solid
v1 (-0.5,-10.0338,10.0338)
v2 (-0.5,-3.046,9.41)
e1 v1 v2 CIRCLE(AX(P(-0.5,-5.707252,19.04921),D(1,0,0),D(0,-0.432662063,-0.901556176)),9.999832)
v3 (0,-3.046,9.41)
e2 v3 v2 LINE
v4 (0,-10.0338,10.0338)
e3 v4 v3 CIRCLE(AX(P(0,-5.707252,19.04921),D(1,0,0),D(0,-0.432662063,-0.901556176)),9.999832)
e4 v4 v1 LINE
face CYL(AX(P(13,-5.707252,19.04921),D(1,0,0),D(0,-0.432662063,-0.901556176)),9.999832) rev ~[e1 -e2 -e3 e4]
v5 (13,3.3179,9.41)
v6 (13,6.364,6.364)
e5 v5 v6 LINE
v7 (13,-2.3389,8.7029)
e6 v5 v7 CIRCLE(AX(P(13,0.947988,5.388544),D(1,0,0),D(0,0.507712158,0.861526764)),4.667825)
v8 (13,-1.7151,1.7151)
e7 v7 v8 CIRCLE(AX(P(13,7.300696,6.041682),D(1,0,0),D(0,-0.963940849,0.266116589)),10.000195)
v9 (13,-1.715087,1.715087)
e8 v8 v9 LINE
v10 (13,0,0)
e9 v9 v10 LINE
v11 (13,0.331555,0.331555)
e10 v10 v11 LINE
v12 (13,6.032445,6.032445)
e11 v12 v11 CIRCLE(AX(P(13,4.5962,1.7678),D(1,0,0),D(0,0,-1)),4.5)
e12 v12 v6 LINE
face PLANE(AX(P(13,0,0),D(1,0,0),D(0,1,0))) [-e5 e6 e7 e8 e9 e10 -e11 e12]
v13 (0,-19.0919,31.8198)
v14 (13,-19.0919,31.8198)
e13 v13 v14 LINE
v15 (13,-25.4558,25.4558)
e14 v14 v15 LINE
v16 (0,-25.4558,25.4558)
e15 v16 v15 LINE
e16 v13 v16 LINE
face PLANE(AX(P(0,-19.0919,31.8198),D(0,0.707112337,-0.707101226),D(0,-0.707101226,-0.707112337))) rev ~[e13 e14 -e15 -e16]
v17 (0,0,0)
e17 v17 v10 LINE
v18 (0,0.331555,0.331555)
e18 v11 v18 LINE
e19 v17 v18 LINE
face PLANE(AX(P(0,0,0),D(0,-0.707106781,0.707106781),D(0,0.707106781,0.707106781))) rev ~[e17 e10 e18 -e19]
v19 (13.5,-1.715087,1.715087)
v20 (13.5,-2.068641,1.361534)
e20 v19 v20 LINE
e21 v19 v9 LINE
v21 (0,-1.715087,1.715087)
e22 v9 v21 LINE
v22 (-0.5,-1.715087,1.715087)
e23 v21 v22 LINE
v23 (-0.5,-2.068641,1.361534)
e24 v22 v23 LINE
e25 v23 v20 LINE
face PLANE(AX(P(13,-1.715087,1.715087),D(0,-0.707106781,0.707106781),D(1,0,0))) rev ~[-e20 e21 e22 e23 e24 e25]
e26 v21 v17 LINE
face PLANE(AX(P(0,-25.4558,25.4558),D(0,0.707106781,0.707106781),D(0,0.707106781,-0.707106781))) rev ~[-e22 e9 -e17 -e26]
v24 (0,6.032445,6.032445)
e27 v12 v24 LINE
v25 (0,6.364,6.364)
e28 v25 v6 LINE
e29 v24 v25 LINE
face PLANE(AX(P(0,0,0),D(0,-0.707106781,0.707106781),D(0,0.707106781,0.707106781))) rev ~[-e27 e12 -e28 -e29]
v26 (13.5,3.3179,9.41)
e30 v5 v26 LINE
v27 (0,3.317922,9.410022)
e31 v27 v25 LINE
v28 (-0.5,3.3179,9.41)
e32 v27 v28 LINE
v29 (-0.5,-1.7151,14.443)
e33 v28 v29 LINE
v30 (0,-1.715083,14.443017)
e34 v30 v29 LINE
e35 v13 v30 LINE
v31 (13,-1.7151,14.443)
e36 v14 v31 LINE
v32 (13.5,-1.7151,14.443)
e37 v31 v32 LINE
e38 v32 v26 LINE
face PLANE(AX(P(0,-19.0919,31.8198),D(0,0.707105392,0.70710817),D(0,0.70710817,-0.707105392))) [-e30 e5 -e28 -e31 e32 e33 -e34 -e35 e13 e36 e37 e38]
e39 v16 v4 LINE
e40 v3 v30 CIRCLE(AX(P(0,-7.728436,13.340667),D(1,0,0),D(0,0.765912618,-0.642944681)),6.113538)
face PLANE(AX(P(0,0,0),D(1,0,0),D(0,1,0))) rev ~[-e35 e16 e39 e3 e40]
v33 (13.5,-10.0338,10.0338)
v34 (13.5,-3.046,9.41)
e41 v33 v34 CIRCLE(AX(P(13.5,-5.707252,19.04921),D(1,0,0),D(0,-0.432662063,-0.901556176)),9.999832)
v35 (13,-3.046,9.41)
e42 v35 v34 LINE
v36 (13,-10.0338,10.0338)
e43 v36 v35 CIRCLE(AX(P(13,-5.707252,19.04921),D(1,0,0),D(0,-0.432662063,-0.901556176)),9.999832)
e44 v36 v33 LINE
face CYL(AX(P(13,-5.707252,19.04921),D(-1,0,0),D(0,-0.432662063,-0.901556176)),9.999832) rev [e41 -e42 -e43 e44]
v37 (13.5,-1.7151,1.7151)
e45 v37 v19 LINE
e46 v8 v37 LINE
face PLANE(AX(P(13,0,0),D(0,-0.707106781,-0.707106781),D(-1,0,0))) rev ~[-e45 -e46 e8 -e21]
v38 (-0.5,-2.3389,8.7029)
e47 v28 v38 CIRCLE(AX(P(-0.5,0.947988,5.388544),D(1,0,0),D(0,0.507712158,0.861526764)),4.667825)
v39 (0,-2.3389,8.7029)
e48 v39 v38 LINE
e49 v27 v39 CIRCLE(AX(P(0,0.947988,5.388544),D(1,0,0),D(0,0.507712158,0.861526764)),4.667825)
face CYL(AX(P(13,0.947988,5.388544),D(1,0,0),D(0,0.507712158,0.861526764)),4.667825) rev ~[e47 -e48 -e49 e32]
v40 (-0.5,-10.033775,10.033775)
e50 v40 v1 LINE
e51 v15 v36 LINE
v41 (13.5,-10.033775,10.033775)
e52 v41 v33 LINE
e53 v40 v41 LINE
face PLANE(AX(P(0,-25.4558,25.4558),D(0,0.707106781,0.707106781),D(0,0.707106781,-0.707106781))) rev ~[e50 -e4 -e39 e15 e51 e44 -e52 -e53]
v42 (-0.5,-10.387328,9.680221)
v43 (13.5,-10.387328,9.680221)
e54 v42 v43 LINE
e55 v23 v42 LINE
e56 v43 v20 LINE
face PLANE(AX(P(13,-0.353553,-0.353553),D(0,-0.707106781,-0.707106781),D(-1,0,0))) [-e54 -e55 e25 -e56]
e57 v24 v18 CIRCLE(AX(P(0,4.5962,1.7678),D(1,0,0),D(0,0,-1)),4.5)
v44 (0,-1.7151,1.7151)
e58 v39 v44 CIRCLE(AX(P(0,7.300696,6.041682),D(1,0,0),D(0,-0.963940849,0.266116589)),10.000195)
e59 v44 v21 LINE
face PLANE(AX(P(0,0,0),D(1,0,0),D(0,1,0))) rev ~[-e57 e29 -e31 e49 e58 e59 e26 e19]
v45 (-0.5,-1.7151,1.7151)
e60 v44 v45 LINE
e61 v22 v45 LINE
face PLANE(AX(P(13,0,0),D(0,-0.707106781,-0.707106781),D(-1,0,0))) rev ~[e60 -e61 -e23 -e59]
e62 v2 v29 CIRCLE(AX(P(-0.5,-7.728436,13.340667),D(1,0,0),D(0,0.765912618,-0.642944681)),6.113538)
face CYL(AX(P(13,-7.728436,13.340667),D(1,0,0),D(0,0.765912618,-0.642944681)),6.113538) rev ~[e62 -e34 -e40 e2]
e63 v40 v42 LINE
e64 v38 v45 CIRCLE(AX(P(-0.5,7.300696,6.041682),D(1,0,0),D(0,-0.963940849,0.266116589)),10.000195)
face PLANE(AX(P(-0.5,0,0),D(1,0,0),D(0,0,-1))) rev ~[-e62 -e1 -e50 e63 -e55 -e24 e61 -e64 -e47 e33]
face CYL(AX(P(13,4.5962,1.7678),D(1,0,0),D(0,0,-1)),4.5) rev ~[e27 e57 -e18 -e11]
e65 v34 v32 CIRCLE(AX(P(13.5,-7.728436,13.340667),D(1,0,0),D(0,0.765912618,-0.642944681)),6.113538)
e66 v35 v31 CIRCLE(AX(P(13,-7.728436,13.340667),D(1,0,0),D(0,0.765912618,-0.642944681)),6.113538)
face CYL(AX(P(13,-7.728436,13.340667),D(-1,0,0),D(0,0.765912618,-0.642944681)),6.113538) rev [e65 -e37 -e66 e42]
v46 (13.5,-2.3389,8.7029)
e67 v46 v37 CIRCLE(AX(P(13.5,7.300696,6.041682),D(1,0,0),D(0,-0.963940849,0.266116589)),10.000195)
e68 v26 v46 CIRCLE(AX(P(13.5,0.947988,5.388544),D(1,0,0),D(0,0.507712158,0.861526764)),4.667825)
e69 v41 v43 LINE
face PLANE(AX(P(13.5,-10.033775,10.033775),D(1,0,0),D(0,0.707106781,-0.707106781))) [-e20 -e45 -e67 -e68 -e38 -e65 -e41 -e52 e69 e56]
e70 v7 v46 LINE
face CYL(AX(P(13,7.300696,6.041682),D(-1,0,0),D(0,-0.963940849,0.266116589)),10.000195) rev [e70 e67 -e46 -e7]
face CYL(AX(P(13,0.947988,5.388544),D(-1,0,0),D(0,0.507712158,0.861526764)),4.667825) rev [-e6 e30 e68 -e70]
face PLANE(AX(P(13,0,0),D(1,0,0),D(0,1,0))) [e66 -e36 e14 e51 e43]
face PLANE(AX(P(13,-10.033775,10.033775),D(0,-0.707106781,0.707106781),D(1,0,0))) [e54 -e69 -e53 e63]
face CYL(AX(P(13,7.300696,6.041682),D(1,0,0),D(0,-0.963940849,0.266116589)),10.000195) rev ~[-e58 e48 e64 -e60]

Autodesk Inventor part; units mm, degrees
ref_plane "YZ Plane" through (0, 0, 0) normal (1, 0, 0) x (0, 1, 0)
ref_plane "XZ Plane" through (0, 0, 0) normal (0, 1, 0) x (-1, 0, 0)
ref_plane "XY Plane" through (0, 0, 0) normal (0, 0, 1) x (1, 0, 0)
sketch "Sketch1" plane through (0, 0, 0) normal (1, 0, 0) x (0, 1, 0)
  line L0 (0, 0) -> (6.364, 6.364)
  line L1 (0, 0) -> (10.533, 0) construction
  line L2 (0, 0) -> (36, 0) construction
  line L3 (-19.0919, 31.8198) -> (-25.4558, 25.4558)
  line L4 (-19.0919, 31.8198) -> (6.364, 6.364)
  line L5 (-25.4558, 25.4558) -> (0, 0)
  dimension "d0" = 9
  dimension "d1" = 45
  dimension "d2" = 36
  dimension "d15" = 9
extrude "Extrusion4" add sketch "Sketch1" along normal blind 13
sketch "Sketch4" plane through (13, 0, 0) normal (1, 0, 0) x (0, 0, -1)
  line L0 (0, 0) -> (-6.364, 6.364) projected
  line L1 (-3.182, 3.182) -> (-1.7678, 1.7678)
  line L2 (-3.182, 3.182) -> (-1.7678, 4.5962)
  circle A0 centre (-1.7678, 4.5962) radius 4.5
  point P0 (-6.0324, 6.0324)
  point P1 (-0.3315, 0.3315)
  dimension "d18" = 2
  dimension "d19" = 2
  dimension "d20" = 9
extrude "Extrusion5" cut sketch "Sketch4" against normal blind 13 contours L0 A0 picked at (-2.8444, 1.8095)
sketch "Sketch8" plane through (13, 0, 0) normal (0, -0.7071, -0.7071) x (-1, 0, 0)
  line L0 (0, -36) -> (0, 0) projected
  line L1 (0, -1.9255) -> (0, -2.4255)
  line L2 (0, -2.4255) -> (-0.5, -2.4255)
  line L3 (13, -36) -> (13, 0) projected
  line L4 (13, -13.6899) -> (13, -14.1899)
  line L5 (13, -14.1899) -> (13.5, -14.1899)
  line L6 (13.5, -14.1899) -> (-0.5, -14.1899)
  line L7 (-0.5, -14.1899) -> (-0.5, -2.4255)
  line L8 (-0.5, -2.4255) -> (13.5, -2.4255)
  line L9 (13.5, -2.4255) -> (13.5, -14.1899)
  dimension "d31" = 0.5
  dimension "d32" = 0.5
  dimension "d33" = 0.5
  dimension "d34" = 0.5
extrude "Extrusion7" add sketch "Sketch8" along normal blind 0.5
sketch "Sketch9" plane through (13, 0, 0) normal (1, 0, 0) x (0, 0, -1)
  line L0 (-1.7151, -1.7151) -> (-10.0338, -10.0338) projected
  line L1 (-5.8744, -5.8744) -> (-12.2384, 0.4895)
  line L2 (-6.364, 6.364) -> (-31.8198, -19.0919) projected
  line L3 (-9.0564, -2.6925) -> (-8.7029, -2.3389)
  line L4 (-9.0564, -2.6925) -> (-9.41, -3.046)
  line L5 (-1.7151, -1.7151) -> (0, 0) projected
  arc A0 (-8.7029, -2.3389) -> (-1.7151, -1.7151) centre (-6.0417, 7.3005) ccw
  arc A1 (-10.0338, -10.0338) -> (-9.41, -3.046) centre (-19.0494, -5.7072) ccw
  arc A2 (-9.41, -3.046) -> (-14.443, -1.7151) centre (-13.3407, -7.7285) ccw
  arc A3 (-9.41, 3.3179) -> (-8.7029, -2.3389) centre (-5.3886, 0.948) ccw
  dimension "d37" = 0.5
  dimension "d38" = 0.5
  dimension "d39" = 10
  dimension "d40" = 10
extrude "Extrusion8" add sketch "Sketch9" along normal blind 0.5 and the other way blind 13.5
sketch "Sketch10" plane through (13, -25.4558, 25.4558) normal (0, -0.7071, -0.7071) x (-1, 0, 0)
  line L0 (-0.836, 22.8138) -> (15.9237, 22.8138) construction
  line L1 (15.9237, 22.8138) -> (15.9237, -0.8905) construction
  line L2 (15.9237, -0.8905) -> (-0.836, -0.8905) construction
  line L3 (-0.836, -0.8905) -> (-0.836, 22.8138) construction
  point P0 (13, 36)
decal "Decal1"
properties part number "McCrea_paza_Walle"
